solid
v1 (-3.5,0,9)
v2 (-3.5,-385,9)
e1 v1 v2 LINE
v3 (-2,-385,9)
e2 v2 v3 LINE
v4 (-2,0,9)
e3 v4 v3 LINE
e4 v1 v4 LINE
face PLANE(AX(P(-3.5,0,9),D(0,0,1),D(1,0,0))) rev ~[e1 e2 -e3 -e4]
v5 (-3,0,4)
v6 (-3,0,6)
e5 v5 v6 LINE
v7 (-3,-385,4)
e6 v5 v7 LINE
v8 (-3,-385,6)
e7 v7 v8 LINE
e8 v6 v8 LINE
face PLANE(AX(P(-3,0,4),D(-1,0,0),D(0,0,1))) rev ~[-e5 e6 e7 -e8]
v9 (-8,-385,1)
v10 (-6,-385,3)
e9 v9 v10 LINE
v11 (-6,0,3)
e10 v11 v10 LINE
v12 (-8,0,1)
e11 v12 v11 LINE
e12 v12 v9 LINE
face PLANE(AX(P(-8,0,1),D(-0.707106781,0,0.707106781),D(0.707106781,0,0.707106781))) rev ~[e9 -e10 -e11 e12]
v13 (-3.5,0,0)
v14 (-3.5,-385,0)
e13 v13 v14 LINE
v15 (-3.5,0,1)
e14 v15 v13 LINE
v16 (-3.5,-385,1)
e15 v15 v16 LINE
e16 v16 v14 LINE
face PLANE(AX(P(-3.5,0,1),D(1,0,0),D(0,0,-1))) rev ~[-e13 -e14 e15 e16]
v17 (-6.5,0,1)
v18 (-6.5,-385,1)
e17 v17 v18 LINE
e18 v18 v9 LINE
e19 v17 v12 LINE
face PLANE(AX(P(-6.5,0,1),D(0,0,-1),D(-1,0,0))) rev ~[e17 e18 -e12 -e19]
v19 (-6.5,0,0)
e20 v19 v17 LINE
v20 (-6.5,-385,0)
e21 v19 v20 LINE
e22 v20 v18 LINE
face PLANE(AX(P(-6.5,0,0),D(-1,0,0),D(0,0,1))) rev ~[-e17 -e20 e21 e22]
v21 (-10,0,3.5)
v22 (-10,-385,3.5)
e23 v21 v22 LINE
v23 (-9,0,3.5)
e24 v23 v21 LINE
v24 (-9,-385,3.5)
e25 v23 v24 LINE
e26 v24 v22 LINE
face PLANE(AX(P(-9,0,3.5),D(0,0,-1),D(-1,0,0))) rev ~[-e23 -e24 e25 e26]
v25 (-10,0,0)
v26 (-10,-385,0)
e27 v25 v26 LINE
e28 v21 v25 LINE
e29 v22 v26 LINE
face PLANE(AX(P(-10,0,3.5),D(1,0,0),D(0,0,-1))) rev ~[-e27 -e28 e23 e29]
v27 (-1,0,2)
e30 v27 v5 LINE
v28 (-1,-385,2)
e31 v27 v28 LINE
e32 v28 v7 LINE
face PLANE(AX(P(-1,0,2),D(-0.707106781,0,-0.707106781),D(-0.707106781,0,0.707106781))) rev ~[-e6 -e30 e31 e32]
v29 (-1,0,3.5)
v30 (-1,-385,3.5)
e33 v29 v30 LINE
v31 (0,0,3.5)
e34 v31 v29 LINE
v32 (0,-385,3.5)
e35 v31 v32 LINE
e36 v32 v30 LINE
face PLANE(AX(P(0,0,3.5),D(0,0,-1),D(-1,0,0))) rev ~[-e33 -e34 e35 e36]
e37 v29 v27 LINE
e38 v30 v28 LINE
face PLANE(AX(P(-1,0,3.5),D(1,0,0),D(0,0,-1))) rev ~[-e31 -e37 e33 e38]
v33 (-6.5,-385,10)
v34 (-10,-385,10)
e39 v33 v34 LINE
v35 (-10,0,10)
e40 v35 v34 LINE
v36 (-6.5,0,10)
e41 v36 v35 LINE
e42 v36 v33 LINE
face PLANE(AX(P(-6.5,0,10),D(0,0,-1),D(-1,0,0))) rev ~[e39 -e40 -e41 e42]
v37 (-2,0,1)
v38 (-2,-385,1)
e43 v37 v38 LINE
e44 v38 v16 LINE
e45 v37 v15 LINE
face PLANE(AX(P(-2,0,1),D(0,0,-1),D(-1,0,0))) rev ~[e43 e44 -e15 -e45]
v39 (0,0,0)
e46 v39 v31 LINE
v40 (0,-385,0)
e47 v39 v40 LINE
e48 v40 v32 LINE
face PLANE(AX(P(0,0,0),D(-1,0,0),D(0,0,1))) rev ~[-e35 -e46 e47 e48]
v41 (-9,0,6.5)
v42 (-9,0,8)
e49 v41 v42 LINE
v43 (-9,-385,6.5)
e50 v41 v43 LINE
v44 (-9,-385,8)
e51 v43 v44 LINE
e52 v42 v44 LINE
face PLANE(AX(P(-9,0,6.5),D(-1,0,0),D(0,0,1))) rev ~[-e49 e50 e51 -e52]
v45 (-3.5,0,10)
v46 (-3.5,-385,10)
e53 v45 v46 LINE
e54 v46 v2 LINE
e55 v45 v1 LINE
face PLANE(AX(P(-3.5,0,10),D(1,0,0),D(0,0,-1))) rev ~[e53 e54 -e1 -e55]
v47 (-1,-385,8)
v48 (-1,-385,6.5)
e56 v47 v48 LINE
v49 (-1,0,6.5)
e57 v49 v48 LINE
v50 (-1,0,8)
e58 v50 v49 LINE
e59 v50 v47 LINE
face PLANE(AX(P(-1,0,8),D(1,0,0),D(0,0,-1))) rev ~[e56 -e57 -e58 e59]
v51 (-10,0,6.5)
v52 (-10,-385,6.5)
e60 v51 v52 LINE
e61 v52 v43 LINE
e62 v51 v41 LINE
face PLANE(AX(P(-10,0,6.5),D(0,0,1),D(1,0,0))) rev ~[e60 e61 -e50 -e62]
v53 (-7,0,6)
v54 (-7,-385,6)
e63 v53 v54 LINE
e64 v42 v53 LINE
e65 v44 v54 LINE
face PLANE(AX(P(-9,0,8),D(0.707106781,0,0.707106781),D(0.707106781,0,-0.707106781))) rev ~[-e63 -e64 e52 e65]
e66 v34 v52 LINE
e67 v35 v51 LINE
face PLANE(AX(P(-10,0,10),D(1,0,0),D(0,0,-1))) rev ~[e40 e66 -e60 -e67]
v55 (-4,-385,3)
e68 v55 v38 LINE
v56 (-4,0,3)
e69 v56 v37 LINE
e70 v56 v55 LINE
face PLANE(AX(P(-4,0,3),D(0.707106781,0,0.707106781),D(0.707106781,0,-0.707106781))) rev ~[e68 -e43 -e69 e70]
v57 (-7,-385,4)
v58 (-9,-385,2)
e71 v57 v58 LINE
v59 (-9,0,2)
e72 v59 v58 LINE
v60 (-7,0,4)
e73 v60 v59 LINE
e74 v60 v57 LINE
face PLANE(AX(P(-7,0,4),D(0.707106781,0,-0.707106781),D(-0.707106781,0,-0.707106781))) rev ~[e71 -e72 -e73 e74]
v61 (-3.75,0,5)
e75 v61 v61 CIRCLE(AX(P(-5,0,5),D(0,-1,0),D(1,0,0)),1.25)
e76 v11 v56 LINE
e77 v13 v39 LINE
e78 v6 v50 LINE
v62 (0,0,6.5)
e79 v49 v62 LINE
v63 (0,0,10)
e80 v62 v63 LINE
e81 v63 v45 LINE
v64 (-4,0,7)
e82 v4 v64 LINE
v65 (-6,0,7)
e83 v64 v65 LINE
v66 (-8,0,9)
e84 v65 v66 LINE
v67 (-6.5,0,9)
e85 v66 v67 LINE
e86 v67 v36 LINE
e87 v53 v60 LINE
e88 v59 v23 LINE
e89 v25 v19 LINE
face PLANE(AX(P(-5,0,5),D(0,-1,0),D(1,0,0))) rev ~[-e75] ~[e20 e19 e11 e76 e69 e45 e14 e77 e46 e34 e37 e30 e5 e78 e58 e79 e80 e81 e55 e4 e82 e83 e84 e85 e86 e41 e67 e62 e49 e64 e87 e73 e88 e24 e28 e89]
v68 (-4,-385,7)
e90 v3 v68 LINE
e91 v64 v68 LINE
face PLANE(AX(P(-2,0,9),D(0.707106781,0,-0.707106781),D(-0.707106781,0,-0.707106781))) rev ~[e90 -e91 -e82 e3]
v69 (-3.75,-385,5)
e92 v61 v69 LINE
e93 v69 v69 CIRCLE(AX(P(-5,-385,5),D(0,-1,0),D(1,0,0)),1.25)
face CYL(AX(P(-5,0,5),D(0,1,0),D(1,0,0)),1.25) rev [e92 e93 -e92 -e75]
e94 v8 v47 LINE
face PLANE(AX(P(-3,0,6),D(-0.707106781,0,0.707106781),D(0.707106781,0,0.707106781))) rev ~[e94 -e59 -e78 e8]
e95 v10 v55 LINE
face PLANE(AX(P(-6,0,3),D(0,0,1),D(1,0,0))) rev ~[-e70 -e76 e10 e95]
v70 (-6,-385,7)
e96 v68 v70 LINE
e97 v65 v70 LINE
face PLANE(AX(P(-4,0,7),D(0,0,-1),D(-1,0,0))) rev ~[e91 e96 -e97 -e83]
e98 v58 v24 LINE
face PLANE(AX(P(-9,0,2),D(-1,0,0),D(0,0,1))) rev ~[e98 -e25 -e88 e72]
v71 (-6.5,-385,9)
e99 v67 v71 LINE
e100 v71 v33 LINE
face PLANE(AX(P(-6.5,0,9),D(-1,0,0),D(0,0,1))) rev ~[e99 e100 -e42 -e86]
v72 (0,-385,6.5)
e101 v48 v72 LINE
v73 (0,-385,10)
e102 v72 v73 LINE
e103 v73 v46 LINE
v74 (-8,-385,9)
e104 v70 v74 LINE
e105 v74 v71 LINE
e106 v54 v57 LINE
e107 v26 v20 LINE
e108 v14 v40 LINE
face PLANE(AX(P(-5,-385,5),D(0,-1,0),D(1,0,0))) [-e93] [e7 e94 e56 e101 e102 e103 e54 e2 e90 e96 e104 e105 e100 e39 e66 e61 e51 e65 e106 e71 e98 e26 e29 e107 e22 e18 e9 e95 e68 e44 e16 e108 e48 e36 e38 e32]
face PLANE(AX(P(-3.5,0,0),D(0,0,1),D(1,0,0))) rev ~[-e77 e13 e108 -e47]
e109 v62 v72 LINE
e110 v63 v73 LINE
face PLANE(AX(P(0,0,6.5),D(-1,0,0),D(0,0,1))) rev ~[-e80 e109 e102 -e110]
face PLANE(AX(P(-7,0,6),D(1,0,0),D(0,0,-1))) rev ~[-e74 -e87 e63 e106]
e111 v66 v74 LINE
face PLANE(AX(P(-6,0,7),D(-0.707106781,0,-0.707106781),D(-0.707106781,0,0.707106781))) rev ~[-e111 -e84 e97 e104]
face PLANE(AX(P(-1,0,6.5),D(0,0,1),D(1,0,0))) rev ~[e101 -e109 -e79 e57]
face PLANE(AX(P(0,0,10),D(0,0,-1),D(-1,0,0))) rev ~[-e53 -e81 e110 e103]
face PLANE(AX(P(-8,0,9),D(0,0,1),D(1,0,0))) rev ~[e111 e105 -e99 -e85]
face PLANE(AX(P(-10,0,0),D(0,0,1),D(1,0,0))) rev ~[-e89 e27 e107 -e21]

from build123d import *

# Parameters (mm, degrees)
F0_R     = 1.25
F1_DEPTH = 385


with BuildPart() as f1:
    # F0 (on Front) → F1 (new body)
    with BuildSketch(Plane.XZ):
        Polygon((-3.5, 0), (0, 0), (0, 3.5), (-1, 3.5), (-1, 2), (-3, 4), (-3, 5), (-3, 6), (-1, 8), (-1, 6.5), (0, 6.5), (0, 10), (-3.5, 10), (-3.5, 9), (-2, 9), (-4, 7), (-5, 7), (-6, 7), (-8, 9), (-6.5, 9), (-6.5, 10), (-10, 10), (-10, 6.5), (-9, 6.5), (-9, 8), (-7, 6), (-7, 5), (-7, 4), (-9, 2), (-9, 3.5), (-10, 3.5), (-10, 0), (-6.5, 0), (-6.5, 1), (-8, 1), (-6, 3), (-5, 3), (-4, 3), (-2, 1), (-3.5, 1), align=None)
        with Locations((-5, 5)):
            Circle(F0_R, mode=Mode.SUBTRACT)
    extrude(amount=F1_DEPTH)


solid = f1.part
